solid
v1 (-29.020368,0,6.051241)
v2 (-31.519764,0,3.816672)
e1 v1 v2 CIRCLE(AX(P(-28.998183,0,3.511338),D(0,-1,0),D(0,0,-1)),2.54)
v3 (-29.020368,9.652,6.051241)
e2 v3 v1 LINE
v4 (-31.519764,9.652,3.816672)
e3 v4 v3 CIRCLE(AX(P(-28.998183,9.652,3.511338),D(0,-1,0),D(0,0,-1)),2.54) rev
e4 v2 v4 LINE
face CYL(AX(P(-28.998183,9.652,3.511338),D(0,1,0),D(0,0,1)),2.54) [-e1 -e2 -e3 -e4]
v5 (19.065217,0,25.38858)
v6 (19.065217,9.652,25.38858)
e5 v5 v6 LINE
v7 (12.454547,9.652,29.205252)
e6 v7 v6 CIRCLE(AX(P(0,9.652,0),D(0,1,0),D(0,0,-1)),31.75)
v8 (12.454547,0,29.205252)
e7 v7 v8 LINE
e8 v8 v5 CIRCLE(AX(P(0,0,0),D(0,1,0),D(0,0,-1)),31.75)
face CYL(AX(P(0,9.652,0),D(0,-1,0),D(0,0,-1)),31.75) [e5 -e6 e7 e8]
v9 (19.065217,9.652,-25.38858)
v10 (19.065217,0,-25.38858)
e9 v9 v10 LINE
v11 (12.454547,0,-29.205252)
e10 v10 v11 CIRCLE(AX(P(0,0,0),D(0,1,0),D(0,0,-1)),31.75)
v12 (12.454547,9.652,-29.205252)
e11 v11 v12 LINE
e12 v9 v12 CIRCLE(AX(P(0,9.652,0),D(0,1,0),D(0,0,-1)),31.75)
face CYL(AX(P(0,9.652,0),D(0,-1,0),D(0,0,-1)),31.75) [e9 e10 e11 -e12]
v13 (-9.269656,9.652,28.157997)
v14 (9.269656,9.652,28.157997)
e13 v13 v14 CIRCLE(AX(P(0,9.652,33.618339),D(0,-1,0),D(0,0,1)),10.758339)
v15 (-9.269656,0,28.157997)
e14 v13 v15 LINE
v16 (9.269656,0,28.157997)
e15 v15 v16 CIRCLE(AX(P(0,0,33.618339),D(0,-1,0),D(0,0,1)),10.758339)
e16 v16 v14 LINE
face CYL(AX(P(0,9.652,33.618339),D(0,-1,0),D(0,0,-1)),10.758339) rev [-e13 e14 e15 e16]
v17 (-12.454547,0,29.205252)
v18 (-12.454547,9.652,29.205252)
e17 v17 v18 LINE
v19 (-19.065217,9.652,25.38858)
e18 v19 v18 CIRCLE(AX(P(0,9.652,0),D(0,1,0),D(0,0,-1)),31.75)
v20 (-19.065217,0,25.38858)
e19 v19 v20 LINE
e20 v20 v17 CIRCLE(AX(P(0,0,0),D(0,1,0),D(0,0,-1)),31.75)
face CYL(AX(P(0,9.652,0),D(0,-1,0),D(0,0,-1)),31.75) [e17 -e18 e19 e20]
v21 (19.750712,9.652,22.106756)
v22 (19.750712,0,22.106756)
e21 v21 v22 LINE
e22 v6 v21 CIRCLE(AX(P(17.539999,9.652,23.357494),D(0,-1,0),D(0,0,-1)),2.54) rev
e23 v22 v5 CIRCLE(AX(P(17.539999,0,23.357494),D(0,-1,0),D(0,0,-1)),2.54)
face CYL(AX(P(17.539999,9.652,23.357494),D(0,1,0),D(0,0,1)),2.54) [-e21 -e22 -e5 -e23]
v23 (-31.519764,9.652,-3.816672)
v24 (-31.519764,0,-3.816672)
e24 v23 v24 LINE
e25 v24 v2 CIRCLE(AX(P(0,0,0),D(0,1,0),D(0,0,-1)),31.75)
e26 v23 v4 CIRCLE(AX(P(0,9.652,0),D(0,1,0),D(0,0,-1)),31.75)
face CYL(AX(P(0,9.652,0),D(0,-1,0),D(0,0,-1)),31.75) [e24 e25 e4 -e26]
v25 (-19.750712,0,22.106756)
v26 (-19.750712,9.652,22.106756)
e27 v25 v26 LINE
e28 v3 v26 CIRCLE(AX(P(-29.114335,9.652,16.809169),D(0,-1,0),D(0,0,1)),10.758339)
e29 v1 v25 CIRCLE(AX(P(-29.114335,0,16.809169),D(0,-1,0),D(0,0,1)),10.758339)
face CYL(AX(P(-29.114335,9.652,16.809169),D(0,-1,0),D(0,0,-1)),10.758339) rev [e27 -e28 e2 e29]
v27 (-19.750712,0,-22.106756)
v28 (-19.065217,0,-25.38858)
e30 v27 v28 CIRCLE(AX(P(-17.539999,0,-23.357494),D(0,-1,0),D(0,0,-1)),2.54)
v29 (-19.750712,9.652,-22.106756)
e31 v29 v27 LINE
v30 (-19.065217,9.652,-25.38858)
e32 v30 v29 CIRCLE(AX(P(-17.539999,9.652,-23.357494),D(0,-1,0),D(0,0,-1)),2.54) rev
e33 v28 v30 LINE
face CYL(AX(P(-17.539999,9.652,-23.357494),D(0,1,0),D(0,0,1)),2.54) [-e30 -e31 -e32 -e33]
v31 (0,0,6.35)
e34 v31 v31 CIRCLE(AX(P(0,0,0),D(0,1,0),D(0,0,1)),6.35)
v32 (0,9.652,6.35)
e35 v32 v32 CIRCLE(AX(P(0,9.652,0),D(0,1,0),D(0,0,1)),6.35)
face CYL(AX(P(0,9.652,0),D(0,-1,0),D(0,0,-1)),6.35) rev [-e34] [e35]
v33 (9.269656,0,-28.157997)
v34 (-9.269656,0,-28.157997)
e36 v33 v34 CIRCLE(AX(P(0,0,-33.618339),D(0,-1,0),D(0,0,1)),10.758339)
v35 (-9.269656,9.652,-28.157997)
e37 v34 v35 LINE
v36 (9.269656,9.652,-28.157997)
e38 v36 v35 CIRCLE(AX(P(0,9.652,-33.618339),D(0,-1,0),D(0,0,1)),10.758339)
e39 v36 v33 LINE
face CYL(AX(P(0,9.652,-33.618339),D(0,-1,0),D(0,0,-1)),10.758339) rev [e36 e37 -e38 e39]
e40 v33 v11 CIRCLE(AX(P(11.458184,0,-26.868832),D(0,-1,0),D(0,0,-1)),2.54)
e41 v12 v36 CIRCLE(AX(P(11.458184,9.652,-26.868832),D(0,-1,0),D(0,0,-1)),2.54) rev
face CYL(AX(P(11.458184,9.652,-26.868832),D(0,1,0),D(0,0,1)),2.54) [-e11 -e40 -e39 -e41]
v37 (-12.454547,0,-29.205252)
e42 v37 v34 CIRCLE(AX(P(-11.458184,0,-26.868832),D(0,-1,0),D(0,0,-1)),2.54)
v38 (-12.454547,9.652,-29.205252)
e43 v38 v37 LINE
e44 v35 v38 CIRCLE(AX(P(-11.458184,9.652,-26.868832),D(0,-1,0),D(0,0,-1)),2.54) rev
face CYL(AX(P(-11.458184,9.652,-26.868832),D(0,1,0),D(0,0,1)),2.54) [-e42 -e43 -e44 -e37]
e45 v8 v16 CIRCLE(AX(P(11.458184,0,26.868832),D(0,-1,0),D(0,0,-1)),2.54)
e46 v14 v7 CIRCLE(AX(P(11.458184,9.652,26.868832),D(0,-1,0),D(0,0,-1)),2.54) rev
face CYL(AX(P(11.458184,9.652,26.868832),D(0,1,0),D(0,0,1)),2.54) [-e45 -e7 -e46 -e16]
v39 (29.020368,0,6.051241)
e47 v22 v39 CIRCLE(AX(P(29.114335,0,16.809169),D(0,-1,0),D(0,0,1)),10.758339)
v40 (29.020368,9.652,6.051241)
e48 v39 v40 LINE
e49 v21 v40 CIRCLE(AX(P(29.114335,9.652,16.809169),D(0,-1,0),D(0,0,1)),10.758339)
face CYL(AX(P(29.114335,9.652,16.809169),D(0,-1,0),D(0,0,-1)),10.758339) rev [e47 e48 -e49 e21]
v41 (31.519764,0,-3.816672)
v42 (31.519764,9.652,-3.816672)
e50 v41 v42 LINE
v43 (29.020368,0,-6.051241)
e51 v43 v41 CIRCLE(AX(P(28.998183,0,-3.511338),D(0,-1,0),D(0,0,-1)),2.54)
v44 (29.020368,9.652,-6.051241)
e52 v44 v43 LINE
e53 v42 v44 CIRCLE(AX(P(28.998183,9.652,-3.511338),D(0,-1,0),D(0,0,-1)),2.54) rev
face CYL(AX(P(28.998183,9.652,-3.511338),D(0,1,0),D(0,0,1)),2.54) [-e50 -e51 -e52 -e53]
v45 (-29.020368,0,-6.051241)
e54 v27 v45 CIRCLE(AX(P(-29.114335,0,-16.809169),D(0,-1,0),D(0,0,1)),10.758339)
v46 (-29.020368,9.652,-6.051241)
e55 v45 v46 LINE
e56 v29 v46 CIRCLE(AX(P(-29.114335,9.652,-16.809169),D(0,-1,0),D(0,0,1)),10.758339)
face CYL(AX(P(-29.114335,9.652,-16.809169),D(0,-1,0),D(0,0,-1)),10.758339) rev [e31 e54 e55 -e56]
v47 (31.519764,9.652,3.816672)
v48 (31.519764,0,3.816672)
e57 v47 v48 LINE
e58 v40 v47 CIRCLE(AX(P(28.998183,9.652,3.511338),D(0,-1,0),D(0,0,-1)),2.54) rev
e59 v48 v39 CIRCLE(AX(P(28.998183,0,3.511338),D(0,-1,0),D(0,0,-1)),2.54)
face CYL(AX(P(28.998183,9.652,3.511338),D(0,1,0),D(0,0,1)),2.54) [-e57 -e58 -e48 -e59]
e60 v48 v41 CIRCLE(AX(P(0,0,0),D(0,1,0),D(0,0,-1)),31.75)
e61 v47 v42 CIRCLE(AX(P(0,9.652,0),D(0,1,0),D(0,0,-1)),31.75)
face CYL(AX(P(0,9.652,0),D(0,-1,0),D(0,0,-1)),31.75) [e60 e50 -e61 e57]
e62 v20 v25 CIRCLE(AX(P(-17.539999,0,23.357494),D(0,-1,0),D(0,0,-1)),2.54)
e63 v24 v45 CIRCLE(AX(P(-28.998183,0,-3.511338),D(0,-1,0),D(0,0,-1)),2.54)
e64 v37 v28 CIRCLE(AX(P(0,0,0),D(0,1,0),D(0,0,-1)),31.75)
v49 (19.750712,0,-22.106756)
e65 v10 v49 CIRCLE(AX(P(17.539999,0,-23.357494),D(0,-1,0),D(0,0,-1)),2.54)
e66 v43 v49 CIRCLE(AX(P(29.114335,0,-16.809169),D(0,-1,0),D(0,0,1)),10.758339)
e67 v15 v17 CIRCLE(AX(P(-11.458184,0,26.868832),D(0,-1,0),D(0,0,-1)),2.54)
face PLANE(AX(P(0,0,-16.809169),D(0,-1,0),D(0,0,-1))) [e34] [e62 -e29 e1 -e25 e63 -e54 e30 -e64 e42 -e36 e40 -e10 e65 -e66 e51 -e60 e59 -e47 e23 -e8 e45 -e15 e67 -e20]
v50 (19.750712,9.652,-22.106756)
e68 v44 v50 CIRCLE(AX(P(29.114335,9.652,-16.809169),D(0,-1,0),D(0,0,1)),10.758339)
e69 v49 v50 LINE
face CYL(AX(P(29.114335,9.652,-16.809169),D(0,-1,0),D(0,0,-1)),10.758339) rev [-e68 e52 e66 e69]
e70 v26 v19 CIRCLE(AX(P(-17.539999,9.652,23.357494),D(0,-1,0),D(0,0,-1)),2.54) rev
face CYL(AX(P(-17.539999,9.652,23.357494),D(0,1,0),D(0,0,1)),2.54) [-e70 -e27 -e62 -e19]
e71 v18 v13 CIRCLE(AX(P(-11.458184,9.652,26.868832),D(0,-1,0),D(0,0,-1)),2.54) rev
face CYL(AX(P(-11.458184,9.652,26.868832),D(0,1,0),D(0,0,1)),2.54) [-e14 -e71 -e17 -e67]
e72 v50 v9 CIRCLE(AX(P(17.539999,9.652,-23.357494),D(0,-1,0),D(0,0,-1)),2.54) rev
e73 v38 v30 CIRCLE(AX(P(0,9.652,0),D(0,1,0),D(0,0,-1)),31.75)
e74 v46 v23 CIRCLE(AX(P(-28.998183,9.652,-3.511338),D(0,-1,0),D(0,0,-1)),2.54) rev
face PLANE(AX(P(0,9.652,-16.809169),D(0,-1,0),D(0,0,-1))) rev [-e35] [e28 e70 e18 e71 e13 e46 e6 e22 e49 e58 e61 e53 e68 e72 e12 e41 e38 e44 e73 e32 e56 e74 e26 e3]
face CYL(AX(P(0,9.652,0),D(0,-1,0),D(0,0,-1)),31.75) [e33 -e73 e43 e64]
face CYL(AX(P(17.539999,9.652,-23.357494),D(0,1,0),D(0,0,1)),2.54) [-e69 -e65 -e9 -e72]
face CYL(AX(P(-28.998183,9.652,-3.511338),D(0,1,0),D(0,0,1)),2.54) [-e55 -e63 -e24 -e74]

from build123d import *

# Parameters (mm, degrees)
SKETCH1_R           = 6.35
BOSS_EXTRUDE1_DEPTH = 9.652
FILLET1_R           = 2.54


with BuildPart() as part:
    # Sketch1 → Boss-Extrude1 (new body)
    with BuildSketch(Plane(origin=(0, 0, 0), x_dir=(1, 0, 0), z_dir=(0, 1, 0))):
        with BuildLine():
            ThreePointArc((-10.16, 30.080506977), (0, 22.86), (10.16, 30.080506977))
            ThreePointArc((10.16, 30.080506977), (15.875, 27.49630657), (20.970483201, 23.839071591))
            ThreePointArc((20.970483201, 23.839071591), (19.797340731, 11.43), (31.130483201, 6.241435386))
            ThreePointArc((31.130483201, 6.241435386), (31.75, 0), (31.130483201, -6.241435386))
            ThreePointArc((31.130483201, -6.241435386), (19.797340731, -11.43), (20.970483201, -23.839071591))
            ThreePointArc((20.970483201, -23.839071591), (15.875, -27.49630657), (10.16, -30.080506977))
            ThreePointArc((10.16, -30.080506977), (0, -22.86), (-10.16, -30.080506977))
            ThreePointArc((-10.16, -30.080506977), (-15.875, -27.49630657), (-20.970483201, -23.839071591))
            ThreePointArc((-20.970483201, -23.839071591), (-19.797340731, -11.43), (-31.130483201, -6.241435386))
            ThreePointArc((-31.130483201, -6.241435386), (-31.75, 0), (-31.130483201, 6.241435386))
            ThreePointArc((-31.130483201, 6.241435386), (-19.797340731, 11.43), (-20.970483201, 23.839071591))
            ThreePointArc((-20.970483201, 23.839071591), (-15.875, 27.49630657), (-10.16, 30.080506977))
        make_face()
        with Locations(Location((0, 0, 0), (0, 0, 270))):
            Circle(SKETCH1_R, mode=Mode.SUBTRACT)
    extrude(amount=BOSS_EXTRUDE1_DEPTH)

    # Fillet1
    fillet1_edges = [part.edges().sort_by_distance(p)[0] for p in [
        (-10.16, 4.826, -30.080506977),
        (10.16, 4.826, -30.080506977),
        (20.970483201, 4.826, -23.839071591),
        (31.130483201, 4.826, -6.241435386),
        (31.130483201, 4.826, 6.241435386),
        (20.970483201, 4.826, 23.839071591),
        (10.16, 4.826, 30.080506977),
        (-10.16, 4.826, 30.080506977),
        (-20.970483201, 4.826, 23.839071591),
        (-31.130483201, 4.826, 6.241435386),
        (-31.130483201, 4.826, -6.241435386),
        (-20.970483201, 4.826, -23.839071591),
    ]]
    fillet(fillet1_edges, radius=FILLET1_R)


solid = part.part
